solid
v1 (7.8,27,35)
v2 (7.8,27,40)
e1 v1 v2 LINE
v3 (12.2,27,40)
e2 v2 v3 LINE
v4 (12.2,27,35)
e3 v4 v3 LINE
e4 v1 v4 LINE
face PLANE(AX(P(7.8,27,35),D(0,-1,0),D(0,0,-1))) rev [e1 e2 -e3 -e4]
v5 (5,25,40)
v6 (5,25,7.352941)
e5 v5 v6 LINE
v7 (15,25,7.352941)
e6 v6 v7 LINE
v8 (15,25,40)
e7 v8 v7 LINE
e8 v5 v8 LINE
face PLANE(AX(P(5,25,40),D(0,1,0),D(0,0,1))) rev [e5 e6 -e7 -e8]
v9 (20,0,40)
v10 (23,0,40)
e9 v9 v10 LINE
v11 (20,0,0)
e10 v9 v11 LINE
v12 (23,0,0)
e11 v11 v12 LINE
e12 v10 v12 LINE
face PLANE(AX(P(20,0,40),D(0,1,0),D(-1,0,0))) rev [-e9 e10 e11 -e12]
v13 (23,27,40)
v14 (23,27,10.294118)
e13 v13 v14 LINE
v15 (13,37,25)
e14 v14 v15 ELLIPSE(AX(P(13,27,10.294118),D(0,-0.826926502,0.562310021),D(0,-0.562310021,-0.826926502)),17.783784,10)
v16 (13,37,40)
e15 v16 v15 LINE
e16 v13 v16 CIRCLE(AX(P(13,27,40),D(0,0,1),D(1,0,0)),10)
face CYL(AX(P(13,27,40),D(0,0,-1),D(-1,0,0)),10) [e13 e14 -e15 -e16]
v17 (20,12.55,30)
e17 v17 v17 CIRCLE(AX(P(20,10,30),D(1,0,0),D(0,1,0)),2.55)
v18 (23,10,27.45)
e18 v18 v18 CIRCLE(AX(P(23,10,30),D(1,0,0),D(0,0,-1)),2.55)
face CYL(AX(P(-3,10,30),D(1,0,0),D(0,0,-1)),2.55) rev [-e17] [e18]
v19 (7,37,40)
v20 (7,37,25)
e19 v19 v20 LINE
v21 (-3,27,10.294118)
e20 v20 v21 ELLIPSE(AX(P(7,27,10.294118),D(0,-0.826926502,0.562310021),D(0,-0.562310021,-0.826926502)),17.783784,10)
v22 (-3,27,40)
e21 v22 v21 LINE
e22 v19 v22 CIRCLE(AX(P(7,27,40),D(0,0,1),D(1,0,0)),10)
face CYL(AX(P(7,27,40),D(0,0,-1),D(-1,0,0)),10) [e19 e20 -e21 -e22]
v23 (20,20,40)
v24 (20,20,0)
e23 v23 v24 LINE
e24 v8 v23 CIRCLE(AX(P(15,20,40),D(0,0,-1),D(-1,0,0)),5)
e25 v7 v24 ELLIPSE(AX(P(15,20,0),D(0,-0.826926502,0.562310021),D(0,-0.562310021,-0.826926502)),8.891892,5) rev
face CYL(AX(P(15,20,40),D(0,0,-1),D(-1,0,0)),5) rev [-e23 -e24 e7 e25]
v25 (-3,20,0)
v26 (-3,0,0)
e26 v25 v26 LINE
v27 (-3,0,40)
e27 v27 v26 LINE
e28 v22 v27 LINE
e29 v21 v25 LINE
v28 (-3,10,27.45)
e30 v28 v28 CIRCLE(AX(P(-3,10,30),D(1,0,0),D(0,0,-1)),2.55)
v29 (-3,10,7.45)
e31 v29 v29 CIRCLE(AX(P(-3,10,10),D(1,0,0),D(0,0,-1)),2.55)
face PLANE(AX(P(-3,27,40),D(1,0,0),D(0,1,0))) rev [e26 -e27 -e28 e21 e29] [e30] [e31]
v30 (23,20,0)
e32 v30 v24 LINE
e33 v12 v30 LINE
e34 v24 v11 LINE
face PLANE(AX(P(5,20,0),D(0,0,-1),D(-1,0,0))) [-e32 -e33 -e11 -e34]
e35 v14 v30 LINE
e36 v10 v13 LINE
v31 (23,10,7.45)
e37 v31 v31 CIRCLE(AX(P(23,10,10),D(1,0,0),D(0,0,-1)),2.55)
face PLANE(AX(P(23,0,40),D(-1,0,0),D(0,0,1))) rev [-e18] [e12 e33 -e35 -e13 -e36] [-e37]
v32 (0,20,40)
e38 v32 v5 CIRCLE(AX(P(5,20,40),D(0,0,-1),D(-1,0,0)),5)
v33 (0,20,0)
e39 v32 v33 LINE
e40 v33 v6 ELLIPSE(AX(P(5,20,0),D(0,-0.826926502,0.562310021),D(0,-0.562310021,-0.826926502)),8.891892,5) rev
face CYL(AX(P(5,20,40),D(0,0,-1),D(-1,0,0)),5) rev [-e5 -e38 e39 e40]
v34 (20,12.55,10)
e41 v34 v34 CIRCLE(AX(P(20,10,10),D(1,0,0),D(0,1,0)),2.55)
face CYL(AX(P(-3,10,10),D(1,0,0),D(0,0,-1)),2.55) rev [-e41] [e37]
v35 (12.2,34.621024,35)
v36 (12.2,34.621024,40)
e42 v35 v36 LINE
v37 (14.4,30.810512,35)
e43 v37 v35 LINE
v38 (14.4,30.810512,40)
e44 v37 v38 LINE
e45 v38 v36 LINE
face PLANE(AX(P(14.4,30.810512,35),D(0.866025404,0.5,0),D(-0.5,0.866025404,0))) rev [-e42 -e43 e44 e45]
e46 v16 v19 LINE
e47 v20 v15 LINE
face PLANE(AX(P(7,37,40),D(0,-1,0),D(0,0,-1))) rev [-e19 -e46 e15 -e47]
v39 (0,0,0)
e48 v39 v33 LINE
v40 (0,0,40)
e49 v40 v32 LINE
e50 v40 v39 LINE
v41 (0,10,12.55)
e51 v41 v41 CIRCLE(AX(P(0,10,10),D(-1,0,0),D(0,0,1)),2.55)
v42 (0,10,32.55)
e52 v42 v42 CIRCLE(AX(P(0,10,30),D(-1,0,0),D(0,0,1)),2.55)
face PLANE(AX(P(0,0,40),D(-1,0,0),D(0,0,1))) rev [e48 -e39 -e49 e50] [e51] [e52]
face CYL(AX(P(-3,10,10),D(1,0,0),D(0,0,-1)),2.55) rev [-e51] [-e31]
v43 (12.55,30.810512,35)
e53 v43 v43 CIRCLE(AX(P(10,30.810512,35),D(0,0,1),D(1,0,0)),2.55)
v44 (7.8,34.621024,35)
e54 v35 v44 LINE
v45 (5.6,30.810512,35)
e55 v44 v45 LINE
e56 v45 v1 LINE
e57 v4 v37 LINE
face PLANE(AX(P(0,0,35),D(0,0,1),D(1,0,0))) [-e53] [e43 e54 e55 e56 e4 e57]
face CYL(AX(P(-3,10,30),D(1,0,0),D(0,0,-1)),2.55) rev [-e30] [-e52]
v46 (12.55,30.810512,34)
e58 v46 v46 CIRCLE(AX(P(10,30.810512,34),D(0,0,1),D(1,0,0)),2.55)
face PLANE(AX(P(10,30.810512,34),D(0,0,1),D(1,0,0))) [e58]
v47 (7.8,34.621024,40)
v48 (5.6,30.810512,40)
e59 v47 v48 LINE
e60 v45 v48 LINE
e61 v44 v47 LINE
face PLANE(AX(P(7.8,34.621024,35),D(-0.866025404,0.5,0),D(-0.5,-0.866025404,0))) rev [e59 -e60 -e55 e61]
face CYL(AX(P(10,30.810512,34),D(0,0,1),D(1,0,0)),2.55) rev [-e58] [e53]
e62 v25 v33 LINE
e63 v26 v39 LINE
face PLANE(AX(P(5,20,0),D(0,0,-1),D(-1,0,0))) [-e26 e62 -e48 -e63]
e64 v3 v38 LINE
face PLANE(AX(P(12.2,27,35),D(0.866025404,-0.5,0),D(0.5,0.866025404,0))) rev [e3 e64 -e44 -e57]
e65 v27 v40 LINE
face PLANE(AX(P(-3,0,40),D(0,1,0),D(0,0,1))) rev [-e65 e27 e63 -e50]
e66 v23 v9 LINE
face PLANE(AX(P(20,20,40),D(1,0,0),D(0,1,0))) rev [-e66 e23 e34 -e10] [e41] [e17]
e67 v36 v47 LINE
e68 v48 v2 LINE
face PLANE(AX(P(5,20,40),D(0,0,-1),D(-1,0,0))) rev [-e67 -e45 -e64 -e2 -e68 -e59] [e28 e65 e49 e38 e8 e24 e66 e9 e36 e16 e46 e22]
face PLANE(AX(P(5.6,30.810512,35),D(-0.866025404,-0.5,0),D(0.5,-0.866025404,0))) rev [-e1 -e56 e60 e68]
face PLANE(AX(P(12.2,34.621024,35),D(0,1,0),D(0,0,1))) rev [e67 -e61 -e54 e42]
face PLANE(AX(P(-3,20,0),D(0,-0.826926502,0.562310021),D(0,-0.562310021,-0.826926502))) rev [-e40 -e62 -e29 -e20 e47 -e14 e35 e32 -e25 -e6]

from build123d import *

# Parameters (mm, degrees)
EXTRUDE_1_DEPTH     = 40
CUT_EXTRUDE_1_DEPTH = 61.373835392
SKETCH_3_R          = 2.55
CUT_EXTRUDE_2_DEPTH = 61.373835392
CUT_EXTRUDE_3_DEPTH = 5
SKETCH_6_R          = 2.55
CUT_EXTRUDE_4_DEPTH = 1


with BuildPart() as part:
    # Эскиз1 → Бобышка-Вытянуть1 (new body)
    with BuildSketch(Plane.XY):
        with BuildLine():
            Line((0, 0), (0, 20))
            ThreePointArc((0, 20), (1.464466094, 23.535533906), (5, 25))
            Line((5, 25), (15, 25))
            ThreePointArc((15, 25), (18.535533906, 23.535533906), (20, 20))
            Line((20, 20), (20, 0))
            Line((20, 0), (23, 0))
            Line((23, 0), (23, 27))
            ThreePointArc((23, 27), (20.071067812, 34.071067812), (13, 37))
            Line((13, 37), (7, 37))
            ThreePointArc((7, 37), (-0.071067812, 34.071067812), (-3, 27))
            Line((-3, 27), (-3, 0))
            Line((-3, 0), (0, 0))
        make_face()
    extrude(amount=EXTRUDE_1_DEPTH)

    # Эскиз2 → Вырез-Вытянуть1 (cut, through all)
    with BuildSketch(Plane(origin=(23, 0, 0), x_dir=(0, 0, -1), z_dir=(1, 0, 0))):
        Polygon((0, 20), (-25, 37), (0, 37), align=None)
    extrude(amount=-CUT_EXTRUDE_1_DEPTH, mode=Mode.SUBTRACT)

    # Эскиз3 → Вырез-Вытянуть2 (cut, through all)
    with BuildSketch(Plane(origin=(23, 0, 0), x_dir=(0, 0, -1), z_dir=(1, 0, 0))):
        with Locations((-30, 10)):
            Circle(SKETCH_3_R)
        with Locations((-10, 10)):
            Circle(SKETCH_3_R)
    extrude(amount=-CUT_EXTRUDE_2_DEPTH, mode=Mode.SUBTRACT)

    # Эскиз4 → Вырез-Вытянуть3 (cut)
    with BuildSketch(Plane.XY.offset(40)):
        Polygon((5.6, 30.810511777), (7.8, 27), (12.2, 27), (14.4, 30.810511777), (12.2, 34.621023553), (7.8, 34.621023553), align=None)
    extrude(amount=-CUT_EXTRUDE_3_DEPTH, mode=Mode.SUBTRACT)

    # Эскиз6 → Вырез-Вытянуть4 (cut)
    with BuildSketch(Plane.XY.offset(35)):
        with Locations((10, 30.810511777)):
            Circle(SKETCH_6_R)
    extrude(amount=-CUT_EXTRUDE_4_DEPTH, mode=Mode.SUBTRACT)


solid = part.part
